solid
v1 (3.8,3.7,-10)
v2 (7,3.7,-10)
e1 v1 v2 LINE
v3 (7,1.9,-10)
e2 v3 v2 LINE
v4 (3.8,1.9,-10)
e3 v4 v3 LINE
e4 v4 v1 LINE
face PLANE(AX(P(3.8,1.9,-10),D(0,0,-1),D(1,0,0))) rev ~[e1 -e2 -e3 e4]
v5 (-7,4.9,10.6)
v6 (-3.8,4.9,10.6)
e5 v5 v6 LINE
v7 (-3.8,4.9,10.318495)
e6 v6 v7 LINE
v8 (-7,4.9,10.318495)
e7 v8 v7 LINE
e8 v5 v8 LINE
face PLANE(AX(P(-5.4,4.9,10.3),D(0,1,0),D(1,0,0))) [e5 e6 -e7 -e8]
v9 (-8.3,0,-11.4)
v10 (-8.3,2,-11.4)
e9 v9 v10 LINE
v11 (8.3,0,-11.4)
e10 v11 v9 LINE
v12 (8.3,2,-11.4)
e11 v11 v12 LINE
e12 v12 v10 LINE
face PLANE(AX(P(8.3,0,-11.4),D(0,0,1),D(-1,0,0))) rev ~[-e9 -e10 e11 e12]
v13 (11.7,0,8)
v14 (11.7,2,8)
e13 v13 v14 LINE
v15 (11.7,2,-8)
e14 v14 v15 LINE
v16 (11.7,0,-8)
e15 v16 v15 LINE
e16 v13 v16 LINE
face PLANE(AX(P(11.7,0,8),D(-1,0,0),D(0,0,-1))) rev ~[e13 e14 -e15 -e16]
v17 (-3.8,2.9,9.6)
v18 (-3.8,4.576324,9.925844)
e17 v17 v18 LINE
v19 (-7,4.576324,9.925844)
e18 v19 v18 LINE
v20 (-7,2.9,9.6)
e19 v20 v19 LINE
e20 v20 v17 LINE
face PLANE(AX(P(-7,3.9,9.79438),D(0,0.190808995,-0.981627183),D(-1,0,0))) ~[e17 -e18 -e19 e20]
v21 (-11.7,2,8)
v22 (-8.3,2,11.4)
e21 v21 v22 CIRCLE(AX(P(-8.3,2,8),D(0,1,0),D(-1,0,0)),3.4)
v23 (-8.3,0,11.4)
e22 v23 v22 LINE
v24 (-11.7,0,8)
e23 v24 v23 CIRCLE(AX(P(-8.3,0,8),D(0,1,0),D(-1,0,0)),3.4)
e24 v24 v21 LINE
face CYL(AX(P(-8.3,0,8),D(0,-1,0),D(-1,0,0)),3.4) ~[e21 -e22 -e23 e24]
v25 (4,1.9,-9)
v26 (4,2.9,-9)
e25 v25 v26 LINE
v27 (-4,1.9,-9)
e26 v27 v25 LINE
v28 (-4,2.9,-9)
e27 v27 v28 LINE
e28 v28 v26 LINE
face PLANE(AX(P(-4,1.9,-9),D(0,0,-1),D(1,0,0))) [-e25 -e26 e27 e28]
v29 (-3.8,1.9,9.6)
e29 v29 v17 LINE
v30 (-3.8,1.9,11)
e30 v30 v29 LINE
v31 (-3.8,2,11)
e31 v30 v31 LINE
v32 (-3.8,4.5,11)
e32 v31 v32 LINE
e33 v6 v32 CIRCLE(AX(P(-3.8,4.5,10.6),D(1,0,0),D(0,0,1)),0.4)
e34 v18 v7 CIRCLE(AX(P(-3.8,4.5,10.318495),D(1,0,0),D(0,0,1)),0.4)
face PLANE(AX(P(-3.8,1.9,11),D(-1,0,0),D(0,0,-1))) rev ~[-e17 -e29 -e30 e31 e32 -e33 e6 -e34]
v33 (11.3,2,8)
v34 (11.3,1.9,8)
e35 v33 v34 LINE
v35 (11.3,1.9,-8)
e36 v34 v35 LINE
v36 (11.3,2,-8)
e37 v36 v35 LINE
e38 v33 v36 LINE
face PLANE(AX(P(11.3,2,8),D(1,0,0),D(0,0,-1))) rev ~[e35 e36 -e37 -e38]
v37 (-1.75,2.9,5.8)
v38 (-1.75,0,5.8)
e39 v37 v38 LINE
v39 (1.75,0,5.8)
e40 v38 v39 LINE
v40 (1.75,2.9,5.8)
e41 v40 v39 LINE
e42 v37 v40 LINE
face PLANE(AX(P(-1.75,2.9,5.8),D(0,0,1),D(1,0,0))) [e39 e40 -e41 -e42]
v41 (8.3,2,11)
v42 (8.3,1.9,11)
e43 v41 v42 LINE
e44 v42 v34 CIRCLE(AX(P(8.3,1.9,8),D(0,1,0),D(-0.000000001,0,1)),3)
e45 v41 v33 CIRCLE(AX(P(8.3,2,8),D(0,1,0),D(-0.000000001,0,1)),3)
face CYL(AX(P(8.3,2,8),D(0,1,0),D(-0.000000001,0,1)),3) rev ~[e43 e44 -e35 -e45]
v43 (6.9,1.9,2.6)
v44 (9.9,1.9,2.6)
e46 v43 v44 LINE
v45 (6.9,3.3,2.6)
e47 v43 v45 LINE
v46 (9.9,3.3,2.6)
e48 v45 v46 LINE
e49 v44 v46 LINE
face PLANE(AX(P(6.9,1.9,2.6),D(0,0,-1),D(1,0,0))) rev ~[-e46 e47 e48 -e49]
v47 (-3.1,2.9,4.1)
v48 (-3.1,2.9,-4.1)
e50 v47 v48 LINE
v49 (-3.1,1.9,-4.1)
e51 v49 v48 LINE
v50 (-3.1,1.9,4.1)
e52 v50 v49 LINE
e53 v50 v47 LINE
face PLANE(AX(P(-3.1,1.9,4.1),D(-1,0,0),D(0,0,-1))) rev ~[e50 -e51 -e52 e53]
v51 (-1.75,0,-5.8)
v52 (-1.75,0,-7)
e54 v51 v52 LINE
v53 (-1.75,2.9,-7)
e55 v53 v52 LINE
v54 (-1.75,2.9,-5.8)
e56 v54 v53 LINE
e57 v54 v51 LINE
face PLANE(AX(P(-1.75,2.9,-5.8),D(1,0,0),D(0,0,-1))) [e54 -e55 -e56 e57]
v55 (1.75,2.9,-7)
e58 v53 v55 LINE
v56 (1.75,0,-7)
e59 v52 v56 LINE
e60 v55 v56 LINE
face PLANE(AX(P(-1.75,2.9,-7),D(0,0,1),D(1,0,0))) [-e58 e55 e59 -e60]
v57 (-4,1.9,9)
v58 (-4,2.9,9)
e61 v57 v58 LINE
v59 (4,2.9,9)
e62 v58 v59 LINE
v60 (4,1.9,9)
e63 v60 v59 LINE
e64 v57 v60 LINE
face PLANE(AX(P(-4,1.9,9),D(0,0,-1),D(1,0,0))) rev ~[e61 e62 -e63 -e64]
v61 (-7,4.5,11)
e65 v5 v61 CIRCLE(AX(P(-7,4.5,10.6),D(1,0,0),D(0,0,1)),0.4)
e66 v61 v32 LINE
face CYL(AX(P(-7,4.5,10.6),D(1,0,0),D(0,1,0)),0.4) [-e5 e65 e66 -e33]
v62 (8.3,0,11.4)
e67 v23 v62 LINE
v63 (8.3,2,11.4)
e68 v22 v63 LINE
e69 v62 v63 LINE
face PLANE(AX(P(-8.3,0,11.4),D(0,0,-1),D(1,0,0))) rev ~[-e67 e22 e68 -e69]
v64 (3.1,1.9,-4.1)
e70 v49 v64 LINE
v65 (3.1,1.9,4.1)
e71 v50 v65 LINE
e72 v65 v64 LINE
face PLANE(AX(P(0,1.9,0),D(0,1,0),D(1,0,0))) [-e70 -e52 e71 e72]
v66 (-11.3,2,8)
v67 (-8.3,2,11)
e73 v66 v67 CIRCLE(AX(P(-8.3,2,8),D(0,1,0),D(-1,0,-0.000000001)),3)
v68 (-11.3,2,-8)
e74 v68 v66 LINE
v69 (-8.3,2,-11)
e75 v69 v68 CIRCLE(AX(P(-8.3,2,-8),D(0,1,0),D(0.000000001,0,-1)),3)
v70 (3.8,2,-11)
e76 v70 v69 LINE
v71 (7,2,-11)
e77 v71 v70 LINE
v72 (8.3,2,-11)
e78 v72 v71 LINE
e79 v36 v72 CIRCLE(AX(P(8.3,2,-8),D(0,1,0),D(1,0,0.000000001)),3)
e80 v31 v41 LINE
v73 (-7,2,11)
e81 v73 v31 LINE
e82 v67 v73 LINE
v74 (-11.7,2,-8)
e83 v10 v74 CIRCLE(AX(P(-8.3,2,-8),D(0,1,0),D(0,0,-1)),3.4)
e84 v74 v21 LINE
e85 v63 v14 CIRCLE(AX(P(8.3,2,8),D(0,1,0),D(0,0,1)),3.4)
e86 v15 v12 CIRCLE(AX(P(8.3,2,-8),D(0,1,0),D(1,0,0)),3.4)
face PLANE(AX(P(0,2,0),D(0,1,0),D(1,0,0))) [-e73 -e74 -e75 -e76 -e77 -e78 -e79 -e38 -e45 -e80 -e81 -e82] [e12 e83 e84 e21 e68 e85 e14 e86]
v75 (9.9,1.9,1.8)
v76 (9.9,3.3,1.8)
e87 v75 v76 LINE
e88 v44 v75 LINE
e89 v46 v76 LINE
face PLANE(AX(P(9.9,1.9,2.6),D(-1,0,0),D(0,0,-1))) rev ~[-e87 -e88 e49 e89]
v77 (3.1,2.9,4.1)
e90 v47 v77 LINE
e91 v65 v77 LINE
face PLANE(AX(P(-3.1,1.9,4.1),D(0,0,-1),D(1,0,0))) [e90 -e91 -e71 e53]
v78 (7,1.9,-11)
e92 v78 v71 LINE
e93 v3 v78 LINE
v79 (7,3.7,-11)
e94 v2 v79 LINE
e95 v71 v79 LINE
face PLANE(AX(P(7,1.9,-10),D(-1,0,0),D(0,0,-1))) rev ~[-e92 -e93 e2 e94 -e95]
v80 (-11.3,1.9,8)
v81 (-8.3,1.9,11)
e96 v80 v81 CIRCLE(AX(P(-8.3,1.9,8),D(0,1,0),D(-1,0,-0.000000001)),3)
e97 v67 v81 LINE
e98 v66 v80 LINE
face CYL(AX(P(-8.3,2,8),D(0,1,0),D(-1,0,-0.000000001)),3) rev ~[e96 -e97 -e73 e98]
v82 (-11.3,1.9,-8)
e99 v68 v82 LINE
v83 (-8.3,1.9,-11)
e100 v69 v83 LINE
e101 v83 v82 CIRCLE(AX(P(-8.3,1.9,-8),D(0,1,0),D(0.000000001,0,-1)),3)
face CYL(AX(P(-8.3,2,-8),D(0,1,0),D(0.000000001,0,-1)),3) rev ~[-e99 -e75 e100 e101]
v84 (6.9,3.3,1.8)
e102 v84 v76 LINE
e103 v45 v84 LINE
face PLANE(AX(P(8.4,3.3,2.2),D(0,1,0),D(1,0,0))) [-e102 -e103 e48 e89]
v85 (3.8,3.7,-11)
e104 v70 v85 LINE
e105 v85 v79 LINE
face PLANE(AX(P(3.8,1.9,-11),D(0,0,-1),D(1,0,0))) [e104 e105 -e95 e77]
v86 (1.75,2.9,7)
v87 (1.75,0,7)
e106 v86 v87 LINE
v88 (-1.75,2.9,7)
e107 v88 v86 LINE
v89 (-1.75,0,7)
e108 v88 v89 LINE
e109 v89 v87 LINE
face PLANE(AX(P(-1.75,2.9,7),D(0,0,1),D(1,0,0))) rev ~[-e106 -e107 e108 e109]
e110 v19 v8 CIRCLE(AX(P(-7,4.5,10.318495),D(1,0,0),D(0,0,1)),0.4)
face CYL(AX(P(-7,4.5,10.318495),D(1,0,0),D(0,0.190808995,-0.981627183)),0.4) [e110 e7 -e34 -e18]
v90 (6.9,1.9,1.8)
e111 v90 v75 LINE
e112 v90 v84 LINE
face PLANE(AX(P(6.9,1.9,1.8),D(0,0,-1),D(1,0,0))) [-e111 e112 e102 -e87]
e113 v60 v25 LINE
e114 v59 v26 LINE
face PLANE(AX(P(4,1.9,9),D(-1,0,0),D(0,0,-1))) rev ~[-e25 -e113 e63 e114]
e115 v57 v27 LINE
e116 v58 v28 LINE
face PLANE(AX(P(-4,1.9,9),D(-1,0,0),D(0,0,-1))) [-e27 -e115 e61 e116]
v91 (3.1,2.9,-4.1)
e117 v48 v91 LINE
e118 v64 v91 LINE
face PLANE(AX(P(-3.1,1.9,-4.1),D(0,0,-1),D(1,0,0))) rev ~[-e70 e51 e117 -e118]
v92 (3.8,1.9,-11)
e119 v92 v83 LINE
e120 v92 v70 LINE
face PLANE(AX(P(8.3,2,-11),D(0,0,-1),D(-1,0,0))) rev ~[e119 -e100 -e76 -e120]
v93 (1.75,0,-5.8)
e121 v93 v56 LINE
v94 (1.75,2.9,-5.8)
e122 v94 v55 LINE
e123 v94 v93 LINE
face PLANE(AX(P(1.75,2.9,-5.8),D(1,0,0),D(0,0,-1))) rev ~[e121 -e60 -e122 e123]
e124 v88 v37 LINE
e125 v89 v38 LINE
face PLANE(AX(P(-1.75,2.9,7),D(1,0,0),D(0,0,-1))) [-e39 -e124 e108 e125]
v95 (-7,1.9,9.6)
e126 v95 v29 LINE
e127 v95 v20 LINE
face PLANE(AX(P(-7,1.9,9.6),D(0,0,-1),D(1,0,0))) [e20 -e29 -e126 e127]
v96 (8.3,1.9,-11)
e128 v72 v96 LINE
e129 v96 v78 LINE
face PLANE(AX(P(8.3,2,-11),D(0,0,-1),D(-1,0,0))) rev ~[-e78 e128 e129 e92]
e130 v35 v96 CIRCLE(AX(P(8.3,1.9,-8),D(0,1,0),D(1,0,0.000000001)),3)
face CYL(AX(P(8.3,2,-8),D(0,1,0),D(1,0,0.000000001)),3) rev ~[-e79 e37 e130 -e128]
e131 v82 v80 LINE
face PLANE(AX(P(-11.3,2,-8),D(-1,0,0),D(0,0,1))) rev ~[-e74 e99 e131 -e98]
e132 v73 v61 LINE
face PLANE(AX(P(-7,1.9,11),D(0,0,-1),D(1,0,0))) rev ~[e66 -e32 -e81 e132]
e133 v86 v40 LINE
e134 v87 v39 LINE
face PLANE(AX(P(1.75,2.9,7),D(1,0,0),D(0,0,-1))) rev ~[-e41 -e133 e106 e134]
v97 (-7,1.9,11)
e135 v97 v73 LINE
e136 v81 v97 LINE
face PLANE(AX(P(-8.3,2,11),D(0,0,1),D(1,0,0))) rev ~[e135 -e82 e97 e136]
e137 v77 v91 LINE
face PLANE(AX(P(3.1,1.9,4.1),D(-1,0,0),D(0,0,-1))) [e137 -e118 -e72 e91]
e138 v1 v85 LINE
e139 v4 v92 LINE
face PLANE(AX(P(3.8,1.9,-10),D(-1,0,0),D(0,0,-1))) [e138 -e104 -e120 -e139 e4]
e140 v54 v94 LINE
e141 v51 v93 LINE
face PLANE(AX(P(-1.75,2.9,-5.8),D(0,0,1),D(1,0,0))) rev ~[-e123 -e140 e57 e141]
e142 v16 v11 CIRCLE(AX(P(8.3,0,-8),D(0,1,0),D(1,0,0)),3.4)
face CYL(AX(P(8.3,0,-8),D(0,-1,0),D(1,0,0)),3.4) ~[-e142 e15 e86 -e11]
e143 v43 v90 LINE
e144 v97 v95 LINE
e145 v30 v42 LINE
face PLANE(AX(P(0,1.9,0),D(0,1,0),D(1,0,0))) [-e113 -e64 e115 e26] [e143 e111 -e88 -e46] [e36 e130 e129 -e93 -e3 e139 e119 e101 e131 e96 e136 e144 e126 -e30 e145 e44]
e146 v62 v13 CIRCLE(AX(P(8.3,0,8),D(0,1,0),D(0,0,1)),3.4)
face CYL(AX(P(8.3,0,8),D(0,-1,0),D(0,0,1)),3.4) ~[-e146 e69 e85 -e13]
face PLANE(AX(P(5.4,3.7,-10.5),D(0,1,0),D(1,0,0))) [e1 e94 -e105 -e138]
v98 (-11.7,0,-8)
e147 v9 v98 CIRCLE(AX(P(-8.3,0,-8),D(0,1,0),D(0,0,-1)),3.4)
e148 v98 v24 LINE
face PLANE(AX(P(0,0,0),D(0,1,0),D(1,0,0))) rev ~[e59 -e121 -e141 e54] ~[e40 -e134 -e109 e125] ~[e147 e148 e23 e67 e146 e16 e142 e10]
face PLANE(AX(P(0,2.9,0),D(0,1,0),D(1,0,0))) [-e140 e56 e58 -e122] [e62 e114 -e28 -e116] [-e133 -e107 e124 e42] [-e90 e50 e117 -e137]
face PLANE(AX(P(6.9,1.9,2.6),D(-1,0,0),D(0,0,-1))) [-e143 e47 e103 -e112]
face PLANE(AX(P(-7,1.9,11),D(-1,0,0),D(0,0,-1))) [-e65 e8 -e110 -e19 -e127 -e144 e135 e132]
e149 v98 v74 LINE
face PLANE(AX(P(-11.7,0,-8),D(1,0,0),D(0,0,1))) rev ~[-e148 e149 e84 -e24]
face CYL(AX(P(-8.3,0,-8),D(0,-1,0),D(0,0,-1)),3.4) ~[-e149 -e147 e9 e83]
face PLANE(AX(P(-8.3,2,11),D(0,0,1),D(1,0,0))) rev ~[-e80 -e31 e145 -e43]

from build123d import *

# Parameters (mm, degrees)
RESSALTO_EXTRUS_O1_DEPTH = 2
CORTE_EXTRUS_O1_DEPTH    = 0.1
ESBO_O3_W                = 8
ESBO_O3_H                = 18
ESBO_O3_W_2              = 6.2
ESBO_O3_H_2              = 8.2
RESSALTO_EXTRUS_O2_DEPTH = 1
ESBO_O4_W                = 3.2
ESBO_O4_H                = 1
RESSALTO_EXTRUS_O3_DEPTH = 1.8
ESBO_O5_W                = 3.2
ESBO_O5_H                = 1.4
RESSALTO_EXTRUS_O4_DEPTH = 3
CHANFRO1_SIZE            = 2
CHANFRO1_SIZE2           = 0.388760618
FILETE1_R                = 0.4
ESBO_O6_W                = 3
ESBO_O6_H                = 0.8
RESSALTO_EXTRUS_O5_DEPTH = 1.4
ESBO_O7_W                = 3.5
ESBO_O7_H                = 1.2
CORTE_EXTRUS_O2_DEPTH    = 5


with BuildPart() as part:
    # Esboço1 → Ressalto-extrusão1 (new body)
    with BuildSketch(Plane(origin=(0, 0, 0), x_dir=(1, 0, 0), z_dir=(0, 1, 0))):
        with BuildLine():
            Line((-8.3, -11.4), (8.3, -11.4))
            ThreePointArc((8.3, -11.4), (10.704163056, -10.404163056), (11.7, -8))
            Line((11.7, -8), (11.7, 8))
            ThreePointArc((11.7, 8), (10.704163056, 10.404163056), (8.3, 11.4))
            Line((8.3, 11.4), (-8.3, 11.4))
            ThreePointArc((-8.3, 11.4), (-10.704163056, 10.404163056), (-11.7, 8))
            Line((-11.7, 8), (-11.7, -8))
            ThreePointArc((-11.7, -8), (-10.704163056, -10.404163056), (-8.3, -11.4))
        make_face()
    extrude(amount=RESSALTO_EXTRUS_O1_DEPTH)

    # Esboço2 → Corte-extrusão1 (cut)
    with BuildSketch(Plane(origin=(0, 2, 0), x_dir=(1, 0, 0), z_dir=(0, 1, 0))):
        with BuildLine():
            Line((-8.3, -11), (8.3, -11))
            ThreePointArc((8.3, -11), (10.421320344, -10.121320344), (11.3, -8))
            Line((11.3, -8), (11.3, 8))
            ThreePointArc((11.3, 8), (10.421320344, 10.121320344), (8.3, 11))
            Line((8.3, 11), (-8.3, 11))
            ThreePointArc((-8.3, 11), (-10.421320344, 10.121320344), (-11.3, 8))
            Line((-11.3, 8), (-11.3, -8))
            ThreePointArc((-11.3, -8), (-10.421320344, -10.121320344), (-8.3, -11))
        make_face()
    extrude(amount=-CORTE_EXTRUS_O1_DEPTH, mode=Mode.SUBTRACT)

    # Esboço3 → Ressalto-extrusão2 (add)
    with BuildSketch(Plane(origin=(0, 1.9, 0), x_dir=(1, 0, 0), z_dir=(0, 1, 0))):
        Rectangle(ESBO_O3_W, ESBO_O3_H)
        Rectangle(ESBO_O3_W_2, ESBO_O3_H_2, mode=Mode.SUBTRACT)
    extrude(amount=RESSALTO_EXTRUS_O2_DEPTH)

    # Esboço4 → Ressalto-extrusão3 (add)
    with BuildSketch(Plane(origin=(0, 1.9, 0), x_dir=(1, 0, 0), z_dir=(0, 1, 0))):
        with Locations((5.4, 10.5)):
            Rectangle(ESBO_O4_W, ESBO_O4_H)
    extrude(amount=RESSALTO_EXTRUS_O3_DEPTH)

    # Esboço5 → Ressalto-extrusão4 (add)
    with BuildSketch(Plane(origin=(0, 1.9, 0), x_dir=(1, 0, 0), z_dir=(0, 1, 0))):
        with Locations((-5.4, -10.3)):
            Rectangle(ESBO_O5_W, ESBO_O5_H)
    extrude(amount=RESSALTO_EXTRUS_O4_DEPTH)

    # Chanfro1
    chanfro1_edges = [part.edges().sort_by_distance(p)[0] for p in [
        (-5.4, 4.9, 9.6),
    ]]
    chanfro1_side = [part.faces().sort_by_distance(p)[0] for p in [
        (-5.4, 3.4, 9.6),
    ]]
    chamfer(chanfro1_edges, length=CHANFRO1_SIZE, length2=CHANFRO1_SIZE2, reference=chanfro1_side[0])

    # Filete1
    filete1_edges = [part.edges().sort_by_distance(p)[0] for p in [
        (-5.4, 4.9, 9.988760618),
        (-5.4, 4.9, 11),
    ]]
    fillet(filete1_edges, radius=FILETE1_R)

    # Esboço6 → Ressalto-extrusão5 (add)
    with BuildSketch(Plane(origin=(0, 1.9, 0), x_dir=(1, 0, 0), z_dir=(0, 1, 0))):
        with Locations((8.4, -2.2)):
            Rectangle(ESBO_O6_W, ESBO_O6_H)
    extrude(amount=RESSALTO_EXTRUS_O5_DEPTH)

    # Esboço7 → Corte-extrusão2 (cut)
    with BuildSketch(Plane(origin=(0, 2.9, 0), x_dir=(1, 0, 0), z_dir=(0, 1, 0))):
        with Locations((0, 6.4)):
            Rectangle(ESBO_O7_W, ESBO_O7_H)
        with Locations((0, -6.4)):
            Rectangle(ESBO_O7_W, ESBO_O7_H)
    extrude(amount=-CORTE_EXTRUS_O2_DEPTH, mode=Mode.SUBTRACT)


solid = part.part
